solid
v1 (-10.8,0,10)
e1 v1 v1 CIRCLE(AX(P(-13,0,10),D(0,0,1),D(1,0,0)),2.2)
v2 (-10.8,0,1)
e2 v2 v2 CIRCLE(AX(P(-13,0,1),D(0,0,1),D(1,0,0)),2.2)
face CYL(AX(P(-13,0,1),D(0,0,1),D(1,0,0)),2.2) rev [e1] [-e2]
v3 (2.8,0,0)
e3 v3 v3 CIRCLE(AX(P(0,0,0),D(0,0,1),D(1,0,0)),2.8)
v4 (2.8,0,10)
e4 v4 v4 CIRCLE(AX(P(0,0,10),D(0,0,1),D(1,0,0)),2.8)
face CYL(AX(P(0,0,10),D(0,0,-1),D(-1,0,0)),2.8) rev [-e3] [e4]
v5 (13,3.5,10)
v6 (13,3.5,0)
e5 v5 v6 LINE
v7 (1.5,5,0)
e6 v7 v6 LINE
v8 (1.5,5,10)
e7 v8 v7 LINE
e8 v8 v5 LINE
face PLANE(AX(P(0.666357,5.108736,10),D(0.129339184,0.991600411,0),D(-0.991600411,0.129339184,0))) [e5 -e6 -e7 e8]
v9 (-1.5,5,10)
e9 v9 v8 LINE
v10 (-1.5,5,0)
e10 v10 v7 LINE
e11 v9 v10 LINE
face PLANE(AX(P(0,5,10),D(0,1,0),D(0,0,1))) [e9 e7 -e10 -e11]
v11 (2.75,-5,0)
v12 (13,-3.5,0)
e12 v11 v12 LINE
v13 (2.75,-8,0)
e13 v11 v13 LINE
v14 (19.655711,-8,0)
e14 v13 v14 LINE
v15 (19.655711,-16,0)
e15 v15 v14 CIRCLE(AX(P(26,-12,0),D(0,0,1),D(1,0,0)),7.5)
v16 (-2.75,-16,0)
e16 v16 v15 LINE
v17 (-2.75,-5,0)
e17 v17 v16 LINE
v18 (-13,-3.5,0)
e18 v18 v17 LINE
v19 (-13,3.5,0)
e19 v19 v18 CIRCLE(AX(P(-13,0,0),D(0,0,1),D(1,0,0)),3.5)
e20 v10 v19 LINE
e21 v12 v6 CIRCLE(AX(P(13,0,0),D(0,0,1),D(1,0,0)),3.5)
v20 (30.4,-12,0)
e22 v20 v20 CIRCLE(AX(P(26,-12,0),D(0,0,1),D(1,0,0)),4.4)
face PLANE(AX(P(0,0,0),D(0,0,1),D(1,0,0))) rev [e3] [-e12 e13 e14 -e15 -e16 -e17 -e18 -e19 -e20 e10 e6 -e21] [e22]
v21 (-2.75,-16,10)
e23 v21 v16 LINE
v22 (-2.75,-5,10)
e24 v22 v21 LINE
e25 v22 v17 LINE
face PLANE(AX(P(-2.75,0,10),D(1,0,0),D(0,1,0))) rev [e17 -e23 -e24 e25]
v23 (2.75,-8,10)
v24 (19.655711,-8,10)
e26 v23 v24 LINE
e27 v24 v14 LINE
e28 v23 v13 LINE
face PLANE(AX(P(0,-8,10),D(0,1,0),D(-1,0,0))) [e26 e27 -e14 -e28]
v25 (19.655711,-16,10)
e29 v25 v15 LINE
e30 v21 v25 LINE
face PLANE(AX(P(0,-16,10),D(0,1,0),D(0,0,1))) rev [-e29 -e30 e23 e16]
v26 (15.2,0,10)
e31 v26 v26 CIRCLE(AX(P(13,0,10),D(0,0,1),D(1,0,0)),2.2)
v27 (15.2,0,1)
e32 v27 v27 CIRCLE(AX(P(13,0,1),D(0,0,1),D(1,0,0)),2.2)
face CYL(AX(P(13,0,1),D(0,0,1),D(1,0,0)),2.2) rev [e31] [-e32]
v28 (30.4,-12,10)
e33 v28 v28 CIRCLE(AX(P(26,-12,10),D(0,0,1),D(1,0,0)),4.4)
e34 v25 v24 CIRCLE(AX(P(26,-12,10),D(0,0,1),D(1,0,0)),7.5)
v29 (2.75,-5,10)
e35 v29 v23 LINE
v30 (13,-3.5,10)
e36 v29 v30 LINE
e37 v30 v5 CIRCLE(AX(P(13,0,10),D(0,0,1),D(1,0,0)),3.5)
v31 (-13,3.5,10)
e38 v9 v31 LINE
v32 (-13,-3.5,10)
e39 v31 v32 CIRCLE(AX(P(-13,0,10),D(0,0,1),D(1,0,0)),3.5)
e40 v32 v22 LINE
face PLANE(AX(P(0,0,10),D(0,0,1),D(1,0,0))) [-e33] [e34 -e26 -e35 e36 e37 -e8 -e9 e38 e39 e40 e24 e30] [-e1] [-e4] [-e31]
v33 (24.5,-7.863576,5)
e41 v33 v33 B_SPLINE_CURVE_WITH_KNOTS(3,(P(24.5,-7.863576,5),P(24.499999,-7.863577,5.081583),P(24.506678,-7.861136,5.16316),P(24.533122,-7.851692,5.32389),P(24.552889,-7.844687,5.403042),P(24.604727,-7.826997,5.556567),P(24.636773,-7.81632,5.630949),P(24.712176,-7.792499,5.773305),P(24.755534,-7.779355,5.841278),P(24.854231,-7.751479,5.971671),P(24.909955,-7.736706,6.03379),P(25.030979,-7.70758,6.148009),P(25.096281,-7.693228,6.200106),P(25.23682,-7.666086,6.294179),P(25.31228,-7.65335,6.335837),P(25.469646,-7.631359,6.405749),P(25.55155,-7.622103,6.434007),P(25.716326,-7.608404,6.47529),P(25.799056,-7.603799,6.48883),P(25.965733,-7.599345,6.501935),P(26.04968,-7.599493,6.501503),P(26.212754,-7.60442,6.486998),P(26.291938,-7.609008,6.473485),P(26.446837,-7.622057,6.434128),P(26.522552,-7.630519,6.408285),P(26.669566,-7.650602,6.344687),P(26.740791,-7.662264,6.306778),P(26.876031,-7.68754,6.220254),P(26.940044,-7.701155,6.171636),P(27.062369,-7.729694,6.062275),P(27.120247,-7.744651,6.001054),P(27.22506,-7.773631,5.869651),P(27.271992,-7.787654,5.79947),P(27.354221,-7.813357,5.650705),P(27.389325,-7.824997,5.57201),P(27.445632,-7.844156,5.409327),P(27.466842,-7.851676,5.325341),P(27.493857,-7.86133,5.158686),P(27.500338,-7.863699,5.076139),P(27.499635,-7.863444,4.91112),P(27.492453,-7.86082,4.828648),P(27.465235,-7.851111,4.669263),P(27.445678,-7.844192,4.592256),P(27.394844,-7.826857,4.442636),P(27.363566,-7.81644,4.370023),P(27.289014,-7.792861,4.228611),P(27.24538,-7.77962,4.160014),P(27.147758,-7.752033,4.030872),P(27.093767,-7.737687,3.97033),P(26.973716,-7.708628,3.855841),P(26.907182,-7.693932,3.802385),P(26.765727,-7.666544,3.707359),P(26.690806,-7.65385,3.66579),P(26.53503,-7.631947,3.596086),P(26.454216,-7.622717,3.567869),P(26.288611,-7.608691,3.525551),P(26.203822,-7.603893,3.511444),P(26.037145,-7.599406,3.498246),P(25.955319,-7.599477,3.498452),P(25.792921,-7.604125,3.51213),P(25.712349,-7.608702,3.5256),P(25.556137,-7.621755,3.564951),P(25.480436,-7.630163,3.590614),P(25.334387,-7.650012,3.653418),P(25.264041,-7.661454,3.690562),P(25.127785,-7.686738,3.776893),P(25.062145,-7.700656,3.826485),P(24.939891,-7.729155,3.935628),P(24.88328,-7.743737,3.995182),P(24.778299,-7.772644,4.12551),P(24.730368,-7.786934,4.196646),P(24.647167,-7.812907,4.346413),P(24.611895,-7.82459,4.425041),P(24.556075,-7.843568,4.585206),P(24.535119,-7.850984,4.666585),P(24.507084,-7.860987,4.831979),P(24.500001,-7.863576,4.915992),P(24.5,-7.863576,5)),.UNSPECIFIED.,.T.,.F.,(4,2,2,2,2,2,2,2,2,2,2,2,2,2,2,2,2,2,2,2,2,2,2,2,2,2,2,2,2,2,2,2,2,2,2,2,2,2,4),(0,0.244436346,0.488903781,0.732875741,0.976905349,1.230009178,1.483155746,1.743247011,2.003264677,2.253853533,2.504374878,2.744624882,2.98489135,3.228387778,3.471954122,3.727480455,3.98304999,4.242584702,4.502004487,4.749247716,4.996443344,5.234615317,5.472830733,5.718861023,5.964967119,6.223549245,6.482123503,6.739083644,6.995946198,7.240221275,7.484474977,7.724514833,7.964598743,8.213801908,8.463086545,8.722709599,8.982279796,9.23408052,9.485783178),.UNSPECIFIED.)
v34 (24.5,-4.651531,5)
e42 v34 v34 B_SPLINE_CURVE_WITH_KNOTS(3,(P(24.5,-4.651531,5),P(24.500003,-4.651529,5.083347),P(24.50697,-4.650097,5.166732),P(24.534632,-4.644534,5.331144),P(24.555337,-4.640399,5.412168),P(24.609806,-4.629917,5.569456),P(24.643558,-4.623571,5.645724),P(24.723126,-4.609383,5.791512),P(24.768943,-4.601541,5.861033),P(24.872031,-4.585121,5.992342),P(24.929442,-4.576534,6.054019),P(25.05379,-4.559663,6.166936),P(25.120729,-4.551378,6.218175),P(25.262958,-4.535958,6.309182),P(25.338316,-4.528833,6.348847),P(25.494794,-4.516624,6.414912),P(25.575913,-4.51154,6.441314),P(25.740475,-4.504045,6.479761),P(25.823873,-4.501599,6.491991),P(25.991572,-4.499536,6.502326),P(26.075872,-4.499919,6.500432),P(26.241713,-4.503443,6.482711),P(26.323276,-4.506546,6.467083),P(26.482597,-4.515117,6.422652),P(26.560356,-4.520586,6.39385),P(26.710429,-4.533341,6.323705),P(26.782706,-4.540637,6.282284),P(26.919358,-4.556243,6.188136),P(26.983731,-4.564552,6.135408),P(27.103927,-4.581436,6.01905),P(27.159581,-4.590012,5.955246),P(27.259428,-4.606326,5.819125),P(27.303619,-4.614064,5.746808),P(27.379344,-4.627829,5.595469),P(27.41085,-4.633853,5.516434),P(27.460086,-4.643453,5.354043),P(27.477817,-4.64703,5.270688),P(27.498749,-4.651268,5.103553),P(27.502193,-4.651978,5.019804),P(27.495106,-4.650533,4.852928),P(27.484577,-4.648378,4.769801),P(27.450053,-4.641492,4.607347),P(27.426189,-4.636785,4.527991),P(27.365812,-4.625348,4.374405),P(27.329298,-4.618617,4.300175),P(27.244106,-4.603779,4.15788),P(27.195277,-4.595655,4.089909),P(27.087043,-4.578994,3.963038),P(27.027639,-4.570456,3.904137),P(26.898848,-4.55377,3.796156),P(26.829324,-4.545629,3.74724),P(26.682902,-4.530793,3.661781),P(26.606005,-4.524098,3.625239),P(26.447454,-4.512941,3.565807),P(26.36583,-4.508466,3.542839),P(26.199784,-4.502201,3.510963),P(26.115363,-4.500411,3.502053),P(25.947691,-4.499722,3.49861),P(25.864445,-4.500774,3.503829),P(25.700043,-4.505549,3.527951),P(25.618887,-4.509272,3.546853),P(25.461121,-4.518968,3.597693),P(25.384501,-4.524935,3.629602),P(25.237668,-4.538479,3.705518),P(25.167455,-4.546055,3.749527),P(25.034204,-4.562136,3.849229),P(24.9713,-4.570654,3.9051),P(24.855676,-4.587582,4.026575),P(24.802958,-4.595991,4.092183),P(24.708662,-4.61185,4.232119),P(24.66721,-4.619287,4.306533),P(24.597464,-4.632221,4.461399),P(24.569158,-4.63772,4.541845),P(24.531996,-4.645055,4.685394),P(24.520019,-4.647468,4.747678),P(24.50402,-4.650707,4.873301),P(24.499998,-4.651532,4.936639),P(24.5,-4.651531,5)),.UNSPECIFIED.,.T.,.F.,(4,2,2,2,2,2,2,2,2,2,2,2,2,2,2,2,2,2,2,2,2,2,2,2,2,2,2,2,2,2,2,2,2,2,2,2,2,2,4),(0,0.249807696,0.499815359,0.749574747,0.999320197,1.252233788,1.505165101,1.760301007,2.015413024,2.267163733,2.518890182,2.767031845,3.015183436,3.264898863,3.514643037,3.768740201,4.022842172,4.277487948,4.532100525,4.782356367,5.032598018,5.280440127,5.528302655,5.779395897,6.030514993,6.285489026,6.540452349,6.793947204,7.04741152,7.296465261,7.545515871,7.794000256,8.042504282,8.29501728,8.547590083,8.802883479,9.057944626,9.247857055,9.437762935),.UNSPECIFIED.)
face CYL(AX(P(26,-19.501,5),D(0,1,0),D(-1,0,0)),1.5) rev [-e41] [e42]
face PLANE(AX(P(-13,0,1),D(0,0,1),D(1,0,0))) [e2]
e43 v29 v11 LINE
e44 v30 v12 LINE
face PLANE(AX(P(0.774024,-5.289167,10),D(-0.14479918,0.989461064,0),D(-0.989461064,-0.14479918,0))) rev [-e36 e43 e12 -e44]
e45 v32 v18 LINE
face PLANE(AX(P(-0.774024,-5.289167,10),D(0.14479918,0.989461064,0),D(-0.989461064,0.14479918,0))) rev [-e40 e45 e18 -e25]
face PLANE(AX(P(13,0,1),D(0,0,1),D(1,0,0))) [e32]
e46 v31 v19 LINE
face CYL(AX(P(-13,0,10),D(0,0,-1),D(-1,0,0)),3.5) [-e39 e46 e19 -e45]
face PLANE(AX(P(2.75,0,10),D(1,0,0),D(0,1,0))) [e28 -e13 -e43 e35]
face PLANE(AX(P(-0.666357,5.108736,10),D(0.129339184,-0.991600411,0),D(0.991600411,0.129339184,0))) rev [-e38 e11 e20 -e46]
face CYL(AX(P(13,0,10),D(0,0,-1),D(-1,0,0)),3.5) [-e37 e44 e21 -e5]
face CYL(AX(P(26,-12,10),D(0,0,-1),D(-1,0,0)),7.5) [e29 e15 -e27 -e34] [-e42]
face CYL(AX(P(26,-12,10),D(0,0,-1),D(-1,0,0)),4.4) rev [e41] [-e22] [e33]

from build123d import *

# Parameters (mm, degrees)
ESQUISSE1_R             = 2.8
ESQUISSE1_W             = 2.75
ESQUISSE1_H             = 8
BOSS_EXTRU_1_DEPTH      = 10
ENL_V_MAT_EXTRU_1_REACH = 17
ESQUISSE2_R             = 1.5
ESQUISSE4_R             = 2.2
ENL_V_MAT_EXTRU_2_DEPTH = 9


with BuildPart() as part:
    # Esquisse1 → Boss.-Extru.1 (new body)
    with BuildSketch(Plane.XY):
        with BuildLine():
            Line((1.5, 5), (-1.5, 5))
            Line((-1.5, 5), (-13, 3.5))
            ThreePointArc((-13, 3.5), (-16.5, 0), (-13, -3.5))
            Line((-13, -3.5), (-2.75, -5))
            Line((-2.75, -5), (2.75, -5))
            Line((2.75, -5), (13, -3.5))
            ThreePointArc((13, -3.5), (16.5, 0), (13, 3.5))
            Line((13, 3.5), (1.5, 5))
        make_face()
        Circle(ESQUISSE1_R, mode=Mode.SUBTRACT)
        Polygon((2.75, -5), (-2.75, -5), (-2.75, -16), (0, -16), (0, -8), (2.75, -8), align=None)
        with Locations((1.375, -12)):
            Rectangle(ESQUISSE1_W, ESQUISSE1_H)
        with BuildLine():
            Line((19.65571123, -8), (2.75, -8))
            Line((2.75, -8), (2.75, -16))
            Line((2.75, -16), (19.65571123, -16))
            ThreePointArc((19.65571123, -16), (18.5, -12), (19.65571123, -8))
        make_face()
        with BuildLine():
            ThreePointArc((33.5, -12), (28.081806214, -4.794718403), (19.65571123, -8))
            Line((19.65571123, -8), (21.6, -8))
            Line((21.6, -8), (21.6, -12))
            Line((21.6, -12), (21.6, -16))
            Line((21.6, -16), (19.65571123, -16))
            ThreePointArc((19.65571123, -16), (28.081806214, -19.205281597), (33.5, -12))
        make_face()
        with BuildLine():
            ThreePointArc((30.4, -12), (26, -16.4), (21.6, -12))
            ThreePointArc((21.6, -12), (26, -7.6), (30.4, -12))
        make_face(mode=Mode.SUBTRACT)
        with BuildLine():
            Line((21.6, -8), (19.65571123, -8))
            ThreePointArc((19.65571123, -8), (18.5, -12), (19.65571123, -16))
            Line((19.65571123, -16), (21.6, -16))
            Line((21.6, -16), (21.6, -12))
            Line((21.6, -12), (21.6, -8))
        make_face()
    extrude(amount=BOSS_EXTRU_1_DEPTH)

    # Esquisse2 → Enlèv. mat.-Extru.1 (cut, up to next)
    with BuildSketch(Plane(origin=(0, -4.5, 0), x_dir=(1, 0, 0), z_dir=(0, 1, 0)), mode=Mode.PRIVATE) as enl_v_mat_extru_1_sk1:
        with Locations((26, -5)):
            Circle(ESQUISSE2_R)
    enl_v_mat_extru_1_tool1 = extrude(enl_v_mat_extru_1_sk1.sketch, amount=-ENL_V_MAT_EXTRU_1_REACH, mode=Mode.PRIVATE) & part.part
    add(enl_v_mat_extru_1_tool1.solids().sort_by_distance((26, -4.5, 5))[0], mode=Mode.SUBTRACT)

    # Esquisse4 → Enlèv. mat.-Extru.2 (cut)
    with BuildSketch(Plane.XY.offset(10)):
        with Locations((-13, 0)):
            Circle(ESQUISSE4_R)
        with Locations((13, 0)):
            Circle(ESQUISSE4_R)
    extrude(amount=-ENL_V_MAT_EXTRU_2_DEPTH, mode=Mode.SUBTRACT)


solid = part.part
